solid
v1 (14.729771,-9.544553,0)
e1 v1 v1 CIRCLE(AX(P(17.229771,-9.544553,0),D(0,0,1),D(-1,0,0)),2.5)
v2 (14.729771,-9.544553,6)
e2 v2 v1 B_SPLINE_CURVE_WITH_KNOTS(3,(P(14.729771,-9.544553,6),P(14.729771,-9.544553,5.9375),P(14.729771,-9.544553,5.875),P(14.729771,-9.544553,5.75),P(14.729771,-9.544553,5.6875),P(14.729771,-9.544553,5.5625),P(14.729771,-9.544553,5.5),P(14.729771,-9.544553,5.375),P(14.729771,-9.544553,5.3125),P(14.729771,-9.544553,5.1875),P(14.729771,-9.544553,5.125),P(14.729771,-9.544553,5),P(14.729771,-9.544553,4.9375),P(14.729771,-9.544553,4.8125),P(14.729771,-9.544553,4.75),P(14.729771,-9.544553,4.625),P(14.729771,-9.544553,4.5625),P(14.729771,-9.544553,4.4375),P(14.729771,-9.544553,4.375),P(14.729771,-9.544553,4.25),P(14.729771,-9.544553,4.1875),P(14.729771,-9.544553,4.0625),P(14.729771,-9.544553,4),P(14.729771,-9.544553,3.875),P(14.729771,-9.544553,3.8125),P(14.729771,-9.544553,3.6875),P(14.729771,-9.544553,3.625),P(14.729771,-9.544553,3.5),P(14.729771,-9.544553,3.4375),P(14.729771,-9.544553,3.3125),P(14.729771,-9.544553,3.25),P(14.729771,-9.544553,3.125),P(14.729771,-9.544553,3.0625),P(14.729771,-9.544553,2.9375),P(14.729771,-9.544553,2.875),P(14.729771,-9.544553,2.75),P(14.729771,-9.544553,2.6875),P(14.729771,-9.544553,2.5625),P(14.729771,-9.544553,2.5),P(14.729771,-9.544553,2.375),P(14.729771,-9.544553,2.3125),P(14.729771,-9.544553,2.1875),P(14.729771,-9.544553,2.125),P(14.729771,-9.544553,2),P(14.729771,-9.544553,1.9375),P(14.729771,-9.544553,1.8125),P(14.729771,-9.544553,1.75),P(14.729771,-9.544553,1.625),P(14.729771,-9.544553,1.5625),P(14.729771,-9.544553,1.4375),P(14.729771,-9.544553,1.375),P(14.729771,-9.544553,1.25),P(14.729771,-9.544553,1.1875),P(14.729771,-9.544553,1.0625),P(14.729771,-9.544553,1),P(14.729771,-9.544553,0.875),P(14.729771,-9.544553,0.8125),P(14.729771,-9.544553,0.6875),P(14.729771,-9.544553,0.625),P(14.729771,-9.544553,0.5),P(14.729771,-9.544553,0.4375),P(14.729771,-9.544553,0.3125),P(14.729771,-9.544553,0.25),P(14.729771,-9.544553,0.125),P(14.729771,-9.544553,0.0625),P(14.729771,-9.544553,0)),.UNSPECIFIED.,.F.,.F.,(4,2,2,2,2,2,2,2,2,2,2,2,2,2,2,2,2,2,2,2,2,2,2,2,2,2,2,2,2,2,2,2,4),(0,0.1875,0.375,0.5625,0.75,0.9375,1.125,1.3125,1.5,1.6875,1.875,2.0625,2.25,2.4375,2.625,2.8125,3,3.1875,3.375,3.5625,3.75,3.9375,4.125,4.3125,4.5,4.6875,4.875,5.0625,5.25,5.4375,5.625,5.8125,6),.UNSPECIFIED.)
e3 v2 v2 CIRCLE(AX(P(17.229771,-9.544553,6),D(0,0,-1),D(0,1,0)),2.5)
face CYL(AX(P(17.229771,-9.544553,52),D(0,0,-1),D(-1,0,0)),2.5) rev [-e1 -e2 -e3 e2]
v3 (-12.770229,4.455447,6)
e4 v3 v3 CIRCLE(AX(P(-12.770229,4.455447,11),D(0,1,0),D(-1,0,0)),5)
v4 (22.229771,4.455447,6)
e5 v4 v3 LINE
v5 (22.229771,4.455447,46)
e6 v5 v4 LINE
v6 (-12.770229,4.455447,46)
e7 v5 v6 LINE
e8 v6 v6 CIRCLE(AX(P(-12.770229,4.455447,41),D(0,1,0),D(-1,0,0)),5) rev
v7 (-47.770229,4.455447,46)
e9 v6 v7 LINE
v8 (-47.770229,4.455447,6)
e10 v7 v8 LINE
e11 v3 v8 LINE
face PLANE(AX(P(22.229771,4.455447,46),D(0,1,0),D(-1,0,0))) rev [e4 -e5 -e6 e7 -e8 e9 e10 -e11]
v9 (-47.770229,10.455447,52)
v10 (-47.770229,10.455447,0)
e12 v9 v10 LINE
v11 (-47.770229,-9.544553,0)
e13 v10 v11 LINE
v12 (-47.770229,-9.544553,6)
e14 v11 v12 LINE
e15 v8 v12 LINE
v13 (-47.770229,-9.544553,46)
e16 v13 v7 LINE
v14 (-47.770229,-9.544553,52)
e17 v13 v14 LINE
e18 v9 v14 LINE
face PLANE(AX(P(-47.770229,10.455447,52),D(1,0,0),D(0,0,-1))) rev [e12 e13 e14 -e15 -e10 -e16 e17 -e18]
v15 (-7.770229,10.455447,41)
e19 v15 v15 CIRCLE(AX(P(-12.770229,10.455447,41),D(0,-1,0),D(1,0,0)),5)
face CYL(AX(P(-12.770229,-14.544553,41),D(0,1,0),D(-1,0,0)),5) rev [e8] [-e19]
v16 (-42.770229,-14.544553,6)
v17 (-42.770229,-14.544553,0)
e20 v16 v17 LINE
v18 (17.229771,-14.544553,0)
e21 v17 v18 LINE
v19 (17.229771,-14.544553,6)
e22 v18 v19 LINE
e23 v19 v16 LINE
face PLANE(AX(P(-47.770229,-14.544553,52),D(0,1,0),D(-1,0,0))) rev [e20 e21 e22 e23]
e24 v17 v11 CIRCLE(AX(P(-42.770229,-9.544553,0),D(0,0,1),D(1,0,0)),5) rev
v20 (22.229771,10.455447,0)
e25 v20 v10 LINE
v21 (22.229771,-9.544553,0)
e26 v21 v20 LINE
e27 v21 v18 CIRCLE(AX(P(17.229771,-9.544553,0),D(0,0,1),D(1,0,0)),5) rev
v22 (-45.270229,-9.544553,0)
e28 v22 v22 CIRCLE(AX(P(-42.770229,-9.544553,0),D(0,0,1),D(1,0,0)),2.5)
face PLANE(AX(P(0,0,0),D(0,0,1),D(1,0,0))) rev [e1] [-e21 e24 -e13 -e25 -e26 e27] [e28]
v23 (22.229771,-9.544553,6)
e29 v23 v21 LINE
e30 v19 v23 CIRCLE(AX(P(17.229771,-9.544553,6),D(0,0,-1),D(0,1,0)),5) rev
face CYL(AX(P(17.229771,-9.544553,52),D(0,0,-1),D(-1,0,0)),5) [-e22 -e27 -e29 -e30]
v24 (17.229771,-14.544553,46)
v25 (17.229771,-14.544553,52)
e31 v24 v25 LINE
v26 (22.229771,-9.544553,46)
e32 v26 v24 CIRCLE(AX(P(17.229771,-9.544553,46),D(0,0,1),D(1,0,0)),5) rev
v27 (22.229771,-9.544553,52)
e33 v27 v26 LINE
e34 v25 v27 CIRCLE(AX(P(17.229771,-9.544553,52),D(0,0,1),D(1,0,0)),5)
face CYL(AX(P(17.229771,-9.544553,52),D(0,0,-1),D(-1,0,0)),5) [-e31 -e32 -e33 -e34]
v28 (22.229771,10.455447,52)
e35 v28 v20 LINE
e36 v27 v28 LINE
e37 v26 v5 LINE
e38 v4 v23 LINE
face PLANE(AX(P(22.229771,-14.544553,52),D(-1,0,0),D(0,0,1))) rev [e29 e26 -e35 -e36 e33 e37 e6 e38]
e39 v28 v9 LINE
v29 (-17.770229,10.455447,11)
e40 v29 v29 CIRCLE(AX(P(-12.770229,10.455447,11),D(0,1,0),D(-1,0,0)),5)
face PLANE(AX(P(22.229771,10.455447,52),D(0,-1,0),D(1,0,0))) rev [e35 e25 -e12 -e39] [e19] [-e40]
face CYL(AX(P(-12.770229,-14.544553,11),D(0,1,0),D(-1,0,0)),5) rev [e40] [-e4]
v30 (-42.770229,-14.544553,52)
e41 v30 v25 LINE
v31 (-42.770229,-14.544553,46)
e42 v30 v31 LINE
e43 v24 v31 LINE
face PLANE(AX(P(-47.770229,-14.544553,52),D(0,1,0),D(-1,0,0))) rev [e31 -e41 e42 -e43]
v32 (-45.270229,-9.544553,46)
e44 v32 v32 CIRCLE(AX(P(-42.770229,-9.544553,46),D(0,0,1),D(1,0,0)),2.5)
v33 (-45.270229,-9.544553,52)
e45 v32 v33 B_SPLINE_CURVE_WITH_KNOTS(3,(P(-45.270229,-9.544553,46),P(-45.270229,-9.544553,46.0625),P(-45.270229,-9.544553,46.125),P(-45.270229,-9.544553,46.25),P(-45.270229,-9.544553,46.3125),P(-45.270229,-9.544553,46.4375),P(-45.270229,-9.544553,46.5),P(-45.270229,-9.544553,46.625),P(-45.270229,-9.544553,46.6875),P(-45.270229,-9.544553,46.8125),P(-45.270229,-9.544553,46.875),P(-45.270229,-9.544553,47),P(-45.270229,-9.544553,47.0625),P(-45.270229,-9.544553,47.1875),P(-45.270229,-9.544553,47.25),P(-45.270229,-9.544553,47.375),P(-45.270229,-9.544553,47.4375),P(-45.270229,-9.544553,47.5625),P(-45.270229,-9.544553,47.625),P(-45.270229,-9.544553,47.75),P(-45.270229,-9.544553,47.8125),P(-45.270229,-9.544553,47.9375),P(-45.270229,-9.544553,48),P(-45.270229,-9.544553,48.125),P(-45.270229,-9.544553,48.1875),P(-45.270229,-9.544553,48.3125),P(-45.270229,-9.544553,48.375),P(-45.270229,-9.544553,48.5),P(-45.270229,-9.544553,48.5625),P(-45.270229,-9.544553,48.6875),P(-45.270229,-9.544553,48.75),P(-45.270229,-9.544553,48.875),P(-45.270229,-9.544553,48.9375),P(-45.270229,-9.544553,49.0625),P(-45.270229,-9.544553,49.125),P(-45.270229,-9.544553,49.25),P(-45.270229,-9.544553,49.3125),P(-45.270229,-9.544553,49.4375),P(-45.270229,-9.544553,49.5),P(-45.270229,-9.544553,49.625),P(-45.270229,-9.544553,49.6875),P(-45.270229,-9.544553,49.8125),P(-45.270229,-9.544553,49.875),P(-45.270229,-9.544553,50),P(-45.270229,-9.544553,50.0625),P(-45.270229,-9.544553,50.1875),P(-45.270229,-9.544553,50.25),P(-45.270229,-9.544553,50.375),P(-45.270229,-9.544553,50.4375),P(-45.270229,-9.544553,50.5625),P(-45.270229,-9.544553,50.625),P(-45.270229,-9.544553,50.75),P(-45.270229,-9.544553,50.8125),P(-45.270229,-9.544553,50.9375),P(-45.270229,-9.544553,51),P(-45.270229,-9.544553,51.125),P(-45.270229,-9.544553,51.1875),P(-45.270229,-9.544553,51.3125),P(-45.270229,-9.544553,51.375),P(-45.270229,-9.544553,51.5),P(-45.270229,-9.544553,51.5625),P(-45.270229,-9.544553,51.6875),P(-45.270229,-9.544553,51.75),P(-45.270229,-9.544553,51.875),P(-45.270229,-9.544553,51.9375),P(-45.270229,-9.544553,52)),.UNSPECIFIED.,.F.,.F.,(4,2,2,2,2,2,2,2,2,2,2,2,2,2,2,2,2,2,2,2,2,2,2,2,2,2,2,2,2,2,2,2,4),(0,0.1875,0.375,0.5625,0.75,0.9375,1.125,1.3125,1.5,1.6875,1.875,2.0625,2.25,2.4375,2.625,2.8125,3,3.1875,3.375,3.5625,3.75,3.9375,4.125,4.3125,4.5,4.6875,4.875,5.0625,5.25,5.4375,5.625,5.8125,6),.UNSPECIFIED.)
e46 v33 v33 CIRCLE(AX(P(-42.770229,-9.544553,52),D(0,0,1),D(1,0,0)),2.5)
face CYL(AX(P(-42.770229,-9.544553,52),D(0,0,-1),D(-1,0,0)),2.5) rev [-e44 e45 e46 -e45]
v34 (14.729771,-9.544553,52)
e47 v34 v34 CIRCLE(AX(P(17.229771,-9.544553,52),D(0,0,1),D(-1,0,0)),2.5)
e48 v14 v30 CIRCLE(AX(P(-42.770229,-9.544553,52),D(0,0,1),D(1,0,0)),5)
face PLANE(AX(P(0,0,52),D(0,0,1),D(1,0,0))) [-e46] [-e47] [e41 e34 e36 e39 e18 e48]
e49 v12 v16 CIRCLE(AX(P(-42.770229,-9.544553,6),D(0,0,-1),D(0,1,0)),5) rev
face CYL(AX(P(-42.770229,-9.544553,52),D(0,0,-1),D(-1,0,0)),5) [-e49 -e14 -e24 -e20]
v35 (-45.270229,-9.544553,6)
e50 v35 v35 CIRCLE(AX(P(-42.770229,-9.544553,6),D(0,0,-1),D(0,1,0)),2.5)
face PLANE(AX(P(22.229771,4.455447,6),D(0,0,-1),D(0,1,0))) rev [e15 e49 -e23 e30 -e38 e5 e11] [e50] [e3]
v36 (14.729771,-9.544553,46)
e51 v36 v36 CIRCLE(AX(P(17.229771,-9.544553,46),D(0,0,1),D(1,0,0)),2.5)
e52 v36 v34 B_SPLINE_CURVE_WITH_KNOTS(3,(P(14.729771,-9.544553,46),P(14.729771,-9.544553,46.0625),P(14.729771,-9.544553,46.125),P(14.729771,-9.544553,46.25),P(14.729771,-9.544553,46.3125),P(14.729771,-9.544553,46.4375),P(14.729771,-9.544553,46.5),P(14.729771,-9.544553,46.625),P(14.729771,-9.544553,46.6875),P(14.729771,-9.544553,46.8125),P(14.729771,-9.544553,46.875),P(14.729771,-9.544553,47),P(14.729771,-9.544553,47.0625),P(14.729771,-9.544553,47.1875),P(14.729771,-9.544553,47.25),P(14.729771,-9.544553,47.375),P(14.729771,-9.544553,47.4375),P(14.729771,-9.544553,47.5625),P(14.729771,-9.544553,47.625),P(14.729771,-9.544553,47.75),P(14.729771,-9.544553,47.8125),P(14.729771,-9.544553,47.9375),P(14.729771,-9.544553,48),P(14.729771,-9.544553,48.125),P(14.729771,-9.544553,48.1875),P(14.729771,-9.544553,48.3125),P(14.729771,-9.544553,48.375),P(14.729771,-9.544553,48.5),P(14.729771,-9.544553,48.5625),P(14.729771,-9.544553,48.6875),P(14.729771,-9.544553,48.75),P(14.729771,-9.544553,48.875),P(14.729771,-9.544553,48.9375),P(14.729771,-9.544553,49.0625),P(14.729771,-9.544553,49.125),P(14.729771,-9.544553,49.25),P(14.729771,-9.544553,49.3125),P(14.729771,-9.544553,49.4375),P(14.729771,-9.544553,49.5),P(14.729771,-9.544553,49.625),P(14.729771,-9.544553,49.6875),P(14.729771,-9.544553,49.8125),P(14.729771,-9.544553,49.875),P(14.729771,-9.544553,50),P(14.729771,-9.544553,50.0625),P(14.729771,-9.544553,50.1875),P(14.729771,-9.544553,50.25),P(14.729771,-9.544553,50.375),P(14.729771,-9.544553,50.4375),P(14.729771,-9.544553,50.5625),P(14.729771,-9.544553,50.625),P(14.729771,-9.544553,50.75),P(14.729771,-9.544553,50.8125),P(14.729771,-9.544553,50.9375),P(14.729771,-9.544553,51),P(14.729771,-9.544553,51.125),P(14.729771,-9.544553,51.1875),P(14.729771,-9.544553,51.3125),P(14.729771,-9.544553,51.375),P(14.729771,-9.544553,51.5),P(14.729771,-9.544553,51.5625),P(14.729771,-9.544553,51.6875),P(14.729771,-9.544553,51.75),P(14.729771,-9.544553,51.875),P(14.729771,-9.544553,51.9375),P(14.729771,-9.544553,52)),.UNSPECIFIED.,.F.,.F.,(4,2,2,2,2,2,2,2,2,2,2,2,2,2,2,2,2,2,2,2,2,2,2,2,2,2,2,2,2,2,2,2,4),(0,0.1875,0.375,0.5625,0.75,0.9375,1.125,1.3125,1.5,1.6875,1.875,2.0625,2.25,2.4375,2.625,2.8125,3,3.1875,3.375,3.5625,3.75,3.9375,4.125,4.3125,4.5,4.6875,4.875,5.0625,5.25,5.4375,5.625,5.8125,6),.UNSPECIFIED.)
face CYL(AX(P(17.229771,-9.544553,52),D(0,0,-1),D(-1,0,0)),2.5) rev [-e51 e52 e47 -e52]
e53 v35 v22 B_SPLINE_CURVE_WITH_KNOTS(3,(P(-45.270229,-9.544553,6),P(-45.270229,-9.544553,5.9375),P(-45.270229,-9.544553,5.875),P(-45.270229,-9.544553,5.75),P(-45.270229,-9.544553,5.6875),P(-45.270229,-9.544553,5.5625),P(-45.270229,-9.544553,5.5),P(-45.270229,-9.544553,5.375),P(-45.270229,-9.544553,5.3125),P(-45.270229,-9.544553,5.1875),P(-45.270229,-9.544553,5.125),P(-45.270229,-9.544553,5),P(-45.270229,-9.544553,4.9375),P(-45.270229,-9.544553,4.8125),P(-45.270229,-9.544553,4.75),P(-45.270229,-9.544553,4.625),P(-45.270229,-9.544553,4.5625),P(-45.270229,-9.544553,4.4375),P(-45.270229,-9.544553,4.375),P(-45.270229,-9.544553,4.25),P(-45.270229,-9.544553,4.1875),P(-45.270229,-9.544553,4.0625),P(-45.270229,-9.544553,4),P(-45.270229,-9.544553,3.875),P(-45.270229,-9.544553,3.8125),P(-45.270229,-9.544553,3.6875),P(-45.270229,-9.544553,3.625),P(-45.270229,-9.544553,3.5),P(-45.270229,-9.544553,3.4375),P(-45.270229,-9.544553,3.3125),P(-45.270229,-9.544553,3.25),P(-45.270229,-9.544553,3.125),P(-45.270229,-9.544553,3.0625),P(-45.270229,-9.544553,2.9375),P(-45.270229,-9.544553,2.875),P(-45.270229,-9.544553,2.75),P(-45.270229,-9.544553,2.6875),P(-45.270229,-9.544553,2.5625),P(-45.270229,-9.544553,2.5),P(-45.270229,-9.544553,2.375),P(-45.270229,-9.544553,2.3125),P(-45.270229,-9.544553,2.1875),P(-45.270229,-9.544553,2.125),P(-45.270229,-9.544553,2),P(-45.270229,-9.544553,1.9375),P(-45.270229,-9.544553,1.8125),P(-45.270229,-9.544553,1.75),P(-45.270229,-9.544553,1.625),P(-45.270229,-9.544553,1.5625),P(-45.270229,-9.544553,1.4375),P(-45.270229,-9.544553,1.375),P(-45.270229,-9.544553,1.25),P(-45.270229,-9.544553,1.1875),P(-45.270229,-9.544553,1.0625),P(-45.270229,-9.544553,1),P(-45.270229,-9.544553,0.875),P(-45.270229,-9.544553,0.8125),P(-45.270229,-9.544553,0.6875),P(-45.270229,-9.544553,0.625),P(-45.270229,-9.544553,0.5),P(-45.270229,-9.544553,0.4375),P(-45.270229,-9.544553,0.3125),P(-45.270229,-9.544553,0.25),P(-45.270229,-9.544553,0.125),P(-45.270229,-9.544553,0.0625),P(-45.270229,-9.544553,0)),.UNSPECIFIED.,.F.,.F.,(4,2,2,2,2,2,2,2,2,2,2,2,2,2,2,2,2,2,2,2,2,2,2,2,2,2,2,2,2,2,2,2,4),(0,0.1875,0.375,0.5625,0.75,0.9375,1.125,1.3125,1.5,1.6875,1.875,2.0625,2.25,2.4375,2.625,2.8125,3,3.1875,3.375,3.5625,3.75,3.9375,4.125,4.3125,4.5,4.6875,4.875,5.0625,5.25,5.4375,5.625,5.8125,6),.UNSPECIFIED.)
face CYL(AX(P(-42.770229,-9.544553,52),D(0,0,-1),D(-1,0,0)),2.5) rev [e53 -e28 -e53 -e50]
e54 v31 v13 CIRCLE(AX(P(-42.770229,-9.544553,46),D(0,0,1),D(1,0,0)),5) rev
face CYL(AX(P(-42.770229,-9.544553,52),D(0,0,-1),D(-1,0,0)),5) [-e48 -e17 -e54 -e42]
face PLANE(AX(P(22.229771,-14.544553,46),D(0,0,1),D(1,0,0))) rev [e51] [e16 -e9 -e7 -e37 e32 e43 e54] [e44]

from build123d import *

# Parameters (mm, degrees)
SKETCH_1_W          = 70
SKETCH_1_H          = 25
SKETCH_1_R          = 2.5
EXTRUDE_1_DEPTH     = 52
FILLET_6_R          = 5
FILLET_7_R          = 5
SKETCH_2_W          = 40
SKETCH_2_H          = 19
CUT_EXTRUDE_2_DEPTH = 89.405565637
SKETCH_3_R          = 5
CUT_EXTRUDE_3_DEPTH = 75.906573986


with BuildPart() as part:
    # 草图1 → 凸台-拉伸1 (new body)
    with BuildSketch(Plane.XY):
        with Locations((-12.770229498, -2.044553468)):
            Rectangle(SKETCH_1_W, SKETCH_1_H)
        with Locations(Location((-42.770229498, -9.544553468, 0), (0, 0, 180))):
            Circle(SKETCH_1_R, mode=Mode.SUBTRACT)
        with Locations(Location((17.229770502, -9.544553468, 0), (0, 0, 180))):
            Circle(SKETCH_1_R, mode=Mode.SUBTRACT)
    extrude(amount=EXTRUDE_1_DEPTH)

    # 圆角6
    fillet_6_edges = [part.edges().sort_by_distance(p)[0] for p in [
        (-47.770229498, -14.544553468, 26),
    ]]
    fillet(fillet_6_edges, radius=FILLET_6_R)

    # 圆角7
    fillet_7_edges = [part.edges().sort_by_distance(p)[0] for p in [
        (22.229770502, -14.544553468, 26),
    ]]
    fillet(fillet_7_edges, radius=FILLET_7_R)

    # 草图2 → 切除-拉伸2 (cut, through all)
    with BuildSketch(Plane.ZY.offset(47.770229498)):
        with Locations((26, -5.044553468)):
            Rectangle(SKETCH_2_W, SKETCH_2_H)
    extrude(amount=-CUT_EXTRUDE_2_DEPTH, mode=Mode.SUBTRACT)

    # 草图3 → 切除-拉伸3 (cut, through all)
    with BuildSketch(Plane(origin=(0, 10.455446532, 0), x_dir=(1, 0, 0), z_dir=(0, 1, 0))):
        with Locations(Location((-12.770229498, -11, 0), (0, 0, 180))):
            Circle(SKETCH_3_R)
        with Locations(Location((-12.770229498, -41, 0), (0, 0, 270))):
            Circle(SKETCH_3_R)
    extrude(amount=-CUT_EXTRUDE_3_DEPTH, mode=Mode.SUBTRACT)


solid = part.part
